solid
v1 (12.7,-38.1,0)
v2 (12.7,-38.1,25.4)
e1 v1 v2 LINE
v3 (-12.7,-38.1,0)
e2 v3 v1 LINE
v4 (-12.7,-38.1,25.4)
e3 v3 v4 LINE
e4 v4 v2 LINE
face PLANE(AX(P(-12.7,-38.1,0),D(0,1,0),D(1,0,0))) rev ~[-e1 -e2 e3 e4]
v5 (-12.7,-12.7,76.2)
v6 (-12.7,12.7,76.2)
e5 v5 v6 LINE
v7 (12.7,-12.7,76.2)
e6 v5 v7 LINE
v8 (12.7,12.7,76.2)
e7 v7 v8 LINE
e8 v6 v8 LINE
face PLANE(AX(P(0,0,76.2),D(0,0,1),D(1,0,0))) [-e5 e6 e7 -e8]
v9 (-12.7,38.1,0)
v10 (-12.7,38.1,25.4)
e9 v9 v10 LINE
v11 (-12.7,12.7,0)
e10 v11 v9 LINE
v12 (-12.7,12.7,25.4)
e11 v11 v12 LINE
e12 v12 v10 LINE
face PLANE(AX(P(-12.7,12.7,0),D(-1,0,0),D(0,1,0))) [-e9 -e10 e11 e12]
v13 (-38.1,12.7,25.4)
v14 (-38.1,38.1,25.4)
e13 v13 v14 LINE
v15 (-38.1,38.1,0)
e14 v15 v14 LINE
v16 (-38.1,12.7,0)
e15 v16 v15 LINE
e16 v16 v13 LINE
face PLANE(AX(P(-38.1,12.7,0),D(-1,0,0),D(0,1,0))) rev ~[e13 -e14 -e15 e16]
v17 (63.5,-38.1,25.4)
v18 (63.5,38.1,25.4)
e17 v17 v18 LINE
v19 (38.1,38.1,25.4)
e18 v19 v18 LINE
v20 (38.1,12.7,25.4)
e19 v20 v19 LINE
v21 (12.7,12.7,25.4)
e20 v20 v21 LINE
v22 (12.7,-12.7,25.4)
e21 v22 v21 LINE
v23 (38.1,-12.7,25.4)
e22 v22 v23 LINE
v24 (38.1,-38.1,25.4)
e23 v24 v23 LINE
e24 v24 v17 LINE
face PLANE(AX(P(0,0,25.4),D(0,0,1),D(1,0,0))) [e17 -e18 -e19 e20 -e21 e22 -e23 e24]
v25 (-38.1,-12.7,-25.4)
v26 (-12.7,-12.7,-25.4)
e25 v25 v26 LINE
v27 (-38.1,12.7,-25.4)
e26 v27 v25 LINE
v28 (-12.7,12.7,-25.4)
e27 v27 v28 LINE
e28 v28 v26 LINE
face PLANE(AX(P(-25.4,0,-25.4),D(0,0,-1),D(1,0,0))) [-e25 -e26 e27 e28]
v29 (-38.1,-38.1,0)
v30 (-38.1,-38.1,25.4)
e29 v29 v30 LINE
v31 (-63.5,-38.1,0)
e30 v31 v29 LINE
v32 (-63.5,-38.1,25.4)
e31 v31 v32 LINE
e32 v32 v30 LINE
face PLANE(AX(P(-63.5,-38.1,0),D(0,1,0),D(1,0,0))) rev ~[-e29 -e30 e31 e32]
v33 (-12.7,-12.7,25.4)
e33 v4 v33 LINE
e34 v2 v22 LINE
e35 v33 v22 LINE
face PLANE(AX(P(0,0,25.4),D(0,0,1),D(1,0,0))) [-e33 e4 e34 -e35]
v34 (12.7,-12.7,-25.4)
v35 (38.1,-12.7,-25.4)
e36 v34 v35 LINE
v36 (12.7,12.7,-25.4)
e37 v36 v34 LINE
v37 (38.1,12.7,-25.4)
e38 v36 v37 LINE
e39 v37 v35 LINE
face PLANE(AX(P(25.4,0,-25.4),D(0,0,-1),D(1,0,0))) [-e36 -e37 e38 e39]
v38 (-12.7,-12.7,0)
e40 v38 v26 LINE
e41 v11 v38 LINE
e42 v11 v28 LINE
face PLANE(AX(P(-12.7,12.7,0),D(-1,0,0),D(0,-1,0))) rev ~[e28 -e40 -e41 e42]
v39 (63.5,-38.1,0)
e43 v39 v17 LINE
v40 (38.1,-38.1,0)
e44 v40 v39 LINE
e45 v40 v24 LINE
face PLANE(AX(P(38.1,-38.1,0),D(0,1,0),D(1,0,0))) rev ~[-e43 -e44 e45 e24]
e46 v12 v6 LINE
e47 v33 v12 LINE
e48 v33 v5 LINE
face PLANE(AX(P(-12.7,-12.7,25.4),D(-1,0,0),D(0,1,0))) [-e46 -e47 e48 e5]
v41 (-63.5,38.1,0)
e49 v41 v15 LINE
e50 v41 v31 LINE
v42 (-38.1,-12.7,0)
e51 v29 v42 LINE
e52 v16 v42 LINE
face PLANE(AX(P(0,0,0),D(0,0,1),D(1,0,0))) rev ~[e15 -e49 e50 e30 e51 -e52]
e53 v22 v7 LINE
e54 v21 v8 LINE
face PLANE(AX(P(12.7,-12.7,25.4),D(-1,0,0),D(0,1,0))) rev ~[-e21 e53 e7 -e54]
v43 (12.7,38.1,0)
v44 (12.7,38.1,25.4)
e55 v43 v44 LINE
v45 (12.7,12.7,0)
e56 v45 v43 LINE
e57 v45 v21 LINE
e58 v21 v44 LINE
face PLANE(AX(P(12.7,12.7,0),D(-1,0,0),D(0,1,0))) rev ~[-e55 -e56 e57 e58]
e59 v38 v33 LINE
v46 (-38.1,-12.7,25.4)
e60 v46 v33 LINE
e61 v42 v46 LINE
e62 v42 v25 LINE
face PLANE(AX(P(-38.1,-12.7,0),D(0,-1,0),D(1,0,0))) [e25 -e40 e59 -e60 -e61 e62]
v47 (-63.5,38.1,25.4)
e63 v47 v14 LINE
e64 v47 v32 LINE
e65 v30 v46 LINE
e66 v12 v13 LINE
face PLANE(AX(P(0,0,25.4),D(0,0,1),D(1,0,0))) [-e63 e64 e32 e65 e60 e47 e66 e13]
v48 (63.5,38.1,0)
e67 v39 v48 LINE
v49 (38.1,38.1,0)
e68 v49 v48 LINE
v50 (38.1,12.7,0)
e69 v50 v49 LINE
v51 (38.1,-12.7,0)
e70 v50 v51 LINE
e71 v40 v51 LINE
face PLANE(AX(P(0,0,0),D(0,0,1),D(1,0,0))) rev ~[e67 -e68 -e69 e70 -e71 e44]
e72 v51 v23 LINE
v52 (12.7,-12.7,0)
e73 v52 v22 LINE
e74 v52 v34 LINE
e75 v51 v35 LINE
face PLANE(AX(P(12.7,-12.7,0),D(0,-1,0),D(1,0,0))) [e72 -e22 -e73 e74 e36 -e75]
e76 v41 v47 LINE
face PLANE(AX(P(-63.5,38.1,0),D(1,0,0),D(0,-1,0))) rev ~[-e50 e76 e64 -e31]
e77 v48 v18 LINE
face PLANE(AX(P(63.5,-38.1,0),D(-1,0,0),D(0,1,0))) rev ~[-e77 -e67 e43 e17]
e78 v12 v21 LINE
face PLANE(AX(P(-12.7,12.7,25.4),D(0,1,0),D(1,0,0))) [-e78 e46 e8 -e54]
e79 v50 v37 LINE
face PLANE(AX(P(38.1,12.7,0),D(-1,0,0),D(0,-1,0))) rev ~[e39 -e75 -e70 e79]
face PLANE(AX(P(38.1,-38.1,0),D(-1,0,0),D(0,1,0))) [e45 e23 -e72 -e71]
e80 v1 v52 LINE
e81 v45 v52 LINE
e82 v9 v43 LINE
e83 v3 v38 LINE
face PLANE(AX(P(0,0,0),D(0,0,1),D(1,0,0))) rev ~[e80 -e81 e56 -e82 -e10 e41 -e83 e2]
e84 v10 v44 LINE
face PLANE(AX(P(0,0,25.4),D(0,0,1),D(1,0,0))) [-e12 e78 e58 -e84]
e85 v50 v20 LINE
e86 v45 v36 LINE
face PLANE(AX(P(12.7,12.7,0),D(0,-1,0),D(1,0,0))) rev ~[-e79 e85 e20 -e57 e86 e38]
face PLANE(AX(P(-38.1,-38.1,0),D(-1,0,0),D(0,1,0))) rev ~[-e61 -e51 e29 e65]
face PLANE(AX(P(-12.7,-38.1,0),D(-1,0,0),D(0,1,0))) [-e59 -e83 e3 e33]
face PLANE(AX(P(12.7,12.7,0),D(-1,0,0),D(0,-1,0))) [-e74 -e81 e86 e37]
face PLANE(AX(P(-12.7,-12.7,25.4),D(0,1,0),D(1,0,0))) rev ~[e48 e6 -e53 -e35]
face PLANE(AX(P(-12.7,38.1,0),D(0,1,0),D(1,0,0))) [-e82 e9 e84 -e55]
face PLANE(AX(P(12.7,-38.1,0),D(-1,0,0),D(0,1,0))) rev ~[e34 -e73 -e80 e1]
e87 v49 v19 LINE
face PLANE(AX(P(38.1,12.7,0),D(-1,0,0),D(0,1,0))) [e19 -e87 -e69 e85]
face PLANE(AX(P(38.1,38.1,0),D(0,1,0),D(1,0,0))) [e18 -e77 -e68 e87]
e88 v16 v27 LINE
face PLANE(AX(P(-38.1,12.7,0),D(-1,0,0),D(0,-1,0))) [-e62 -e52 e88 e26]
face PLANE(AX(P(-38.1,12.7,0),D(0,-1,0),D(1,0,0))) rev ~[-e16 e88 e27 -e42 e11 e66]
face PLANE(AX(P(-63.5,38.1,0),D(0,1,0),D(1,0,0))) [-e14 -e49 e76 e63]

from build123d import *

# Parameters (mm, degrees)
F0_W     = 25.4
F0_H     = 25.4
F1_DEPTH = 25.4
F2_W     = 25.4
F2_H     = 25.4
F3_DEPTH = 50.8
F4_W     = 25.4
F4_H     = 25.4
F5_DEPTH = 25.4


with BuildPart() as f1:
    # F0 (on Top) → F1 (new body)
    with BuildSketch(Plane.XY):
        Polygon((63.5, -12.7), (63.5, 12.7), (38.1, 12.7), (12.7, 12.7), (-12.7, 12.7), (-38.1, 12.7), (-63.5, 12.7), (-63.5, -12.7), (-38.1, -12.7), (-12.7, -12.7), (12.7, -12.7), (38.1, -12.7), align=None)
        with Locations((50.8, 25.4)):
            Rectangle(F0_W, F0_H)
        with Locations((50.8, -25.4)):
            Rectangle(F0_W, F0_H)
        with Locations((0, 25.4)):
            Rectangle(F0_W, F0_H)
        with Locations((0, -25.4)):
            Rectangle(F0_W, F0_H)
        with Locations((-50.8, 25.4)):
            Rectangle(F0_W, F0_H)
        with Locations((-50.8, -25.4)):
            Rectangle(F0_W, F0_H)
    extrude(amount=F1_DEPTH)

    # F2 (on face) → F3 (join)
    with BuildSketch(Plane.XY.offset(25.4)):
        Rectangle(F2_W, F2_H)
    extrude(amount=F3_DEPTH)

    # F4 (on face) → F5 (join)
    with BuildSketch(Plane(origin=(0, 0, 0), x_dir=(1, 0, 0), z_dir=(0, 0, -1))):
        with Locations((-25.4, 0)):
            Rectangle(F4_W, F4_H)
        with Locations((25.4, 0)):
            Rectangle(F4_W, F4_H)
    extrude(amount=F5_DEPTH)


solid = f1.part
